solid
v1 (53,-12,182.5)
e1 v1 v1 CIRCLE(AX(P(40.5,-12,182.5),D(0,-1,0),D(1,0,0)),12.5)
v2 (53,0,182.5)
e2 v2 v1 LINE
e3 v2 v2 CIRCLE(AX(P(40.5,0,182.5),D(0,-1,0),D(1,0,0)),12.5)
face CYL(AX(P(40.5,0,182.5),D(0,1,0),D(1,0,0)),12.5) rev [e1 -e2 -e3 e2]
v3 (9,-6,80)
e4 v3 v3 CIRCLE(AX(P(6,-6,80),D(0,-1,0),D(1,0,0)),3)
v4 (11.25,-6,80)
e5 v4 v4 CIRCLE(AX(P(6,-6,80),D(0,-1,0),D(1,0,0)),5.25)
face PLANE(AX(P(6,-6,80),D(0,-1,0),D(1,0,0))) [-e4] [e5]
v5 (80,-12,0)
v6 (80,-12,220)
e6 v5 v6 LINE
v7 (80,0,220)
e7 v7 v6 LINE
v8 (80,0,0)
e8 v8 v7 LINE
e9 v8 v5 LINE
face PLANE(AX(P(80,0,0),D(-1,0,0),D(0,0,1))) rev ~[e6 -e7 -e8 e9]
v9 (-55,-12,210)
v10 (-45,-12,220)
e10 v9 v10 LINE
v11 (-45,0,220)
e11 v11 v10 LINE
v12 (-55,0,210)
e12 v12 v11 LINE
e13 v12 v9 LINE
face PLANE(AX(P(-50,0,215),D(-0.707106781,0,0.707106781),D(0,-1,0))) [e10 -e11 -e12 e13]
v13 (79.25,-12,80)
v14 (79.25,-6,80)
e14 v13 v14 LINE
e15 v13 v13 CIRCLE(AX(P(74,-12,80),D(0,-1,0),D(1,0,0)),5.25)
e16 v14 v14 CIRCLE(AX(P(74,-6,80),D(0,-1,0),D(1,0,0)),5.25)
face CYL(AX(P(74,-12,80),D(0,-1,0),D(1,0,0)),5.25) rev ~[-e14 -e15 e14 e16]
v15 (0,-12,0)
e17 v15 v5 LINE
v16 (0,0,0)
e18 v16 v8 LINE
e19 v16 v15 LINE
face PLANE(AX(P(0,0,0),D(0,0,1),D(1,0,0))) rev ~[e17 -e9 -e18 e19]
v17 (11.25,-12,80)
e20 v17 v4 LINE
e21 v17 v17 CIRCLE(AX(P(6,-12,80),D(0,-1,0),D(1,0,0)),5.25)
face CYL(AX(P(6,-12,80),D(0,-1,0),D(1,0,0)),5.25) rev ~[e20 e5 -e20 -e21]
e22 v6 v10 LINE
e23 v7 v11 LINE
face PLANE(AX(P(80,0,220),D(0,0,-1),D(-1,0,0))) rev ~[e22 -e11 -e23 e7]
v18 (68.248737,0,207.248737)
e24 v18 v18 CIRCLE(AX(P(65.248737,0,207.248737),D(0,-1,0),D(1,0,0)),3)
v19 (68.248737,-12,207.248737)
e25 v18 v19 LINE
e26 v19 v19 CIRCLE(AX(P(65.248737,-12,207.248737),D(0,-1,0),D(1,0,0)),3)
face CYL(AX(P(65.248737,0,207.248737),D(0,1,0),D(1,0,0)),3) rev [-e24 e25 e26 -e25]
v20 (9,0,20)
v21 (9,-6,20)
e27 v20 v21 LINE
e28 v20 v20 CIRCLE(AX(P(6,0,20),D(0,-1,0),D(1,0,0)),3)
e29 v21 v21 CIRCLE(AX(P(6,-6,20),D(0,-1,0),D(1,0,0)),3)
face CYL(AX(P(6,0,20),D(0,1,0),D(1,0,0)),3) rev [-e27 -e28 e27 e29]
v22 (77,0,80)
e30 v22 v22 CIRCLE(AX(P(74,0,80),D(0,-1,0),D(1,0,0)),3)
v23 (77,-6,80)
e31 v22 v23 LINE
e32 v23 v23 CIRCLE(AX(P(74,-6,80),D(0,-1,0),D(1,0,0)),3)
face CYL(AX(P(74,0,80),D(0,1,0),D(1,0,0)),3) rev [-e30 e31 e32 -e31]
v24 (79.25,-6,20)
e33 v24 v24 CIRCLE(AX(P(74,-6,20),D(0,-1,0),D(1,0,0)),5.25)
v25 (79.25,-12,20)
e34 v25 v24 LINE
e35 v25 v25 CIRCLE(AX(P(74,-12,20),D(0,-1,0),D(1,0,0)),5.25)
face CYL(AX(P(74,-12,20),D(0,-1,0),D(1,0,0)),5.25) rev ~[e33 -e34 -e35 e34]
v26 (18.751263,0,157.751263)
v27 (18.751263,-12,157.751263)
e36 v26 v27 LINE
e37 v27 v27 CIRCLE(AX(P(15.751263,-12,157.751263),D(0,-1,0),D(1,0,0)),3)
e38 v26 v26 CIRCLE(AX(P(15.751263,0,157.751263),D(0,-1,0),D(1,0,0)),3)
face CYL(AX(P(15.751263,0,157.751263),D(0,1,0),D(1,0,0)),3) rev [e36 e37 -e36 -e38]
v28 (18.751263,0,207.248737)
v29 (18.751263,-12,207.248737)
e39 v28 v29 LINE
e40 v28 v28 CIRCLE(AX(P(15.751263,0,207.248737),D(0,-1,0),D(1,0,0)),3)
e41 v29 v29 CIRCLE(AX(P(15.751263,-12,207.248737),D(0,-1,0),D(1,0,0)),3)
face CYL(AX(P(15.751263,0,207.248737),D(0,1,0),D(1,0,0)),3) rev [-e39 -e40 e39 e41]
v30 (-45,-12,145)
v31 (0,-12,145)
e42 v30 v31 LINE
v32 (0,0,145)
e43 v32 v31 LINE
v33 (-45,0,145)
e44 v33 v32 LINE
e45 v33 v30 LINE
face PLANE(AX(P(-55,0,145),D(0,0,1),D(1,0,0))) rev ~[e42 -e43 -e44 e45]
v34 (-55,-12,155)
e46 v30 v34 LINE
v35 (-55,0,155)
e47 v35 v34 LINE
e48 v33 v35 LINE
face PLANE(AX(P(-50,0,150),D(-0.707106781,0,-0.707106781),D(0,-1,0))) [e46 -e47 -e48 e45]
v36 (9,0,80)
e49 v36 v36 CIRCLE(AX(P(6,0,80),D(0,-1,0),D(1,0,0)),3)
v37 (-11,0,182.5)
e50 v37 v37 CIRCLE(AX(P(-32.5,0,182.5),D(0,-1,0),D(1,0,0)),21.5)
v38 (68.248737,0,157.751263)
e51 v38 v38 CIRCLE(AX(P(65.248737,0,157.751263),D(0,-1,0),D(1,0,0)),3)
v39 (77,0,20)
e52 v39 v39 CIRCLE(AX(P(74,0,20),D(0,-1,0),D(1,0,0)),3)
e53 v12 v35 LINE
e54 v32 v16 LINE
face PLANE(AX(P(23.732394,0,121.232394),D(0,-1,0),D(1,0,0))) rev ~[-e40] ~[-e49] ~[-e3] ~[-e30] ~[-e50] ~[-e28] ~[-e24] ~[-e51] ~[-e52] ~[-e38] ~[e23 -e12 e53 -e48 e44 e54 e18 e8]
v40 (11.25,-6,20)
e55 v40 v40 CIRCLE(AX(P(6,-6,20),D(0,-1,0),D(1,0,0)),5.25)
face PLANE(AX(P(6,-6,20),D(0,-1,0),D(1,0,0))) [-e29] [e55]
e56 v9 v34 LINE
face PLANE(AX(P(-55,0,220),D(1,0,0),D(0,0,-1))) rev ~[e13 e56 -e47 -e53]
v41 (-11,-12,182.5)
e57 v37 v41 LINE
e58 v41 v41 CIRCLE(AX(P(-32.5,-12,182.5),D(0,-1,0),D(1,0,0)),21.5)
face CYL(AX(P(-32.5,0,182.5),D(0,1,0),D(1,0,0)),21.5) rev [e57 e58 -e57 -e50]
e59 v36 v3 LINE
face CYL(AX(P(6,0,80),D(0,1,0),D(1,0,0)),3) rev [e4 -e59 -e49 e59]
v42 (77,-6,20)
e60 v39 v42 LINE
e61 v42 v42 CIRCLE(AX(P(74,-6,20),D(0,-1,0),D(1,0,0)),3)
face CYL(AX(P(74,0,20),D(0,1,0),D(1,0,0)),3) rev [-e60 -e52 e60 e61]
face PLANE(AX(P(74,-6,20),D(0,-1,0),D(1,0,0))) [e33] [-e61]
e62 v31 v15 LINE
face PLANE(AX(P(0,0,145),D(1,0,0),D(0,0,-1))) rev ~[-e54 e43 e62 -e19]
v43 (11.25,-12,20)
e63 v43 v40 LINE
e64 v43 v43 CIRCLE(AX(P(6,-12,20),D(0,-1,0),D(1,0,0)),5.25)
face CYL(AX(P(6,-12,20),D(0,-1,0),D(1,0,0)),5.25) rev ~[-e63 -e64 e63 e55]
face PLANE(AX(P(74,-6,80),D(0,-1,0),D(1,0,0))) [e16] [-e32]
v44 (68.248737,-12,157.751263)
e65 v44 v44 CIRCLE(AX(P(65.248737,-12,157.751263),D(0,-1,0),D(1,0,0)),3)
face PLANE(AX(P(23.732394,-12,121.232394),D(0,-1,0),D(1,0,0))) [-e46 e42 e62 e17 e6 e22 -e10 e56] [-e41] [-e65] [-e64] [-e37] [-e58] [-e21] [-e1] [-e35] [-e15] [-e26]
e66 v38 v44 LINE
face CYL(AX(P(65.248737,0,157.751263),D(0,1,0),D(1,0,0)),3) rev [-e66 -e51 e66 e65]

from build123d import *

# Parameters (mm, degrees)
F0_R     = 3
F0_R_2   = 21.5
F0_R_3   = 12.5
F1_DEPTH = 12
F2_SIZE  = 10
F3_R     = 5.25
F3_R_2   = 3
F4_DEPTH = 6


with BuildPart() as f1:
    # F0 (on Front) → F1 (new body)
    with BuildSketch(Plane.XZ):
        Polygon((0, 145), (0, 0), (80, 0), (80, 220), (-55, 220), (-55, 145), align=None)
        with Locations((6, 20)):
            Circle(F0_R, mode=Mode.SUBTRACT)
        with Locations((6, 80)):
            Circle(F0_R, mode=Mode.SUBTRACT)
        with Locations((74, 20)):
            Circle(F0_R, mode=Mode.SUBTRACT)
        with Locations((74, 80)):
            Circle(F0_R, mode=Mode.SUBTRACT)
        with Locations((-32.5, 182.5)):
            Circle(F0_R_2, mode=Mode.SUBTRACT)
        with Locations((15.751263, 157.751263)):
            Circle(F0_R, mode=Mode.SUBTRACT)
        with Locations((65.248737, 157.751263)):
            Circle(F0_R, mode=Mode.SUBTRACT)
        with Locations((40.5, 182.5)):
            Circle(F0_R_3, mode=Mode.SUBTRACT)
        with Locations((15.751263, 207.248737)):
            Circle(F0_R, mode=Mode.SUBTRACT)
        with Locations((65.248737, 207.248737)):
            Circle(F0_R, mode=Mode.SUBTRACT)
    extrude(amount=F1_DEPTH)

    # F2
    f2_edges = [f1.edges().sort_by_distance(p)[0] for p in [
        (-55, -6, 220),
        (-55, -6, 145),
    ]]
    chamfer(f2_edges, length=F2_SIZE)

    # F3 (on face) → F4 (cut)
    with BuildSketch(Plane.XZ.offset(12)):
        with Locations((6, 80)):
            Circle(F3_R)
        with Locations((6, 80)):
            Circle(F3_R_2, mode=Mode.SUBTRACT)
        with Locations((74, 80)):
            Circle(F3_R)
        with Locations((74, 80)):
            Circle(F3_R_2, mode=Mode.SUBTRACT)
        with Locations((74, 20)):
            Circle(F3_R)
        with Locations((74, 20)):
            Circle(F3_R_2, mode=Mode.SUBTRACT)
        with Locations((6, 20)):
            Circle(F3_R)
        with Locations((6, 20)):
            Circle(F3_R_2, mode=Mode.SUBTRACT)
    extrude(amount=-F4_DEPTH, mode=Mode.SUBTRACT)


solid = f1.part
